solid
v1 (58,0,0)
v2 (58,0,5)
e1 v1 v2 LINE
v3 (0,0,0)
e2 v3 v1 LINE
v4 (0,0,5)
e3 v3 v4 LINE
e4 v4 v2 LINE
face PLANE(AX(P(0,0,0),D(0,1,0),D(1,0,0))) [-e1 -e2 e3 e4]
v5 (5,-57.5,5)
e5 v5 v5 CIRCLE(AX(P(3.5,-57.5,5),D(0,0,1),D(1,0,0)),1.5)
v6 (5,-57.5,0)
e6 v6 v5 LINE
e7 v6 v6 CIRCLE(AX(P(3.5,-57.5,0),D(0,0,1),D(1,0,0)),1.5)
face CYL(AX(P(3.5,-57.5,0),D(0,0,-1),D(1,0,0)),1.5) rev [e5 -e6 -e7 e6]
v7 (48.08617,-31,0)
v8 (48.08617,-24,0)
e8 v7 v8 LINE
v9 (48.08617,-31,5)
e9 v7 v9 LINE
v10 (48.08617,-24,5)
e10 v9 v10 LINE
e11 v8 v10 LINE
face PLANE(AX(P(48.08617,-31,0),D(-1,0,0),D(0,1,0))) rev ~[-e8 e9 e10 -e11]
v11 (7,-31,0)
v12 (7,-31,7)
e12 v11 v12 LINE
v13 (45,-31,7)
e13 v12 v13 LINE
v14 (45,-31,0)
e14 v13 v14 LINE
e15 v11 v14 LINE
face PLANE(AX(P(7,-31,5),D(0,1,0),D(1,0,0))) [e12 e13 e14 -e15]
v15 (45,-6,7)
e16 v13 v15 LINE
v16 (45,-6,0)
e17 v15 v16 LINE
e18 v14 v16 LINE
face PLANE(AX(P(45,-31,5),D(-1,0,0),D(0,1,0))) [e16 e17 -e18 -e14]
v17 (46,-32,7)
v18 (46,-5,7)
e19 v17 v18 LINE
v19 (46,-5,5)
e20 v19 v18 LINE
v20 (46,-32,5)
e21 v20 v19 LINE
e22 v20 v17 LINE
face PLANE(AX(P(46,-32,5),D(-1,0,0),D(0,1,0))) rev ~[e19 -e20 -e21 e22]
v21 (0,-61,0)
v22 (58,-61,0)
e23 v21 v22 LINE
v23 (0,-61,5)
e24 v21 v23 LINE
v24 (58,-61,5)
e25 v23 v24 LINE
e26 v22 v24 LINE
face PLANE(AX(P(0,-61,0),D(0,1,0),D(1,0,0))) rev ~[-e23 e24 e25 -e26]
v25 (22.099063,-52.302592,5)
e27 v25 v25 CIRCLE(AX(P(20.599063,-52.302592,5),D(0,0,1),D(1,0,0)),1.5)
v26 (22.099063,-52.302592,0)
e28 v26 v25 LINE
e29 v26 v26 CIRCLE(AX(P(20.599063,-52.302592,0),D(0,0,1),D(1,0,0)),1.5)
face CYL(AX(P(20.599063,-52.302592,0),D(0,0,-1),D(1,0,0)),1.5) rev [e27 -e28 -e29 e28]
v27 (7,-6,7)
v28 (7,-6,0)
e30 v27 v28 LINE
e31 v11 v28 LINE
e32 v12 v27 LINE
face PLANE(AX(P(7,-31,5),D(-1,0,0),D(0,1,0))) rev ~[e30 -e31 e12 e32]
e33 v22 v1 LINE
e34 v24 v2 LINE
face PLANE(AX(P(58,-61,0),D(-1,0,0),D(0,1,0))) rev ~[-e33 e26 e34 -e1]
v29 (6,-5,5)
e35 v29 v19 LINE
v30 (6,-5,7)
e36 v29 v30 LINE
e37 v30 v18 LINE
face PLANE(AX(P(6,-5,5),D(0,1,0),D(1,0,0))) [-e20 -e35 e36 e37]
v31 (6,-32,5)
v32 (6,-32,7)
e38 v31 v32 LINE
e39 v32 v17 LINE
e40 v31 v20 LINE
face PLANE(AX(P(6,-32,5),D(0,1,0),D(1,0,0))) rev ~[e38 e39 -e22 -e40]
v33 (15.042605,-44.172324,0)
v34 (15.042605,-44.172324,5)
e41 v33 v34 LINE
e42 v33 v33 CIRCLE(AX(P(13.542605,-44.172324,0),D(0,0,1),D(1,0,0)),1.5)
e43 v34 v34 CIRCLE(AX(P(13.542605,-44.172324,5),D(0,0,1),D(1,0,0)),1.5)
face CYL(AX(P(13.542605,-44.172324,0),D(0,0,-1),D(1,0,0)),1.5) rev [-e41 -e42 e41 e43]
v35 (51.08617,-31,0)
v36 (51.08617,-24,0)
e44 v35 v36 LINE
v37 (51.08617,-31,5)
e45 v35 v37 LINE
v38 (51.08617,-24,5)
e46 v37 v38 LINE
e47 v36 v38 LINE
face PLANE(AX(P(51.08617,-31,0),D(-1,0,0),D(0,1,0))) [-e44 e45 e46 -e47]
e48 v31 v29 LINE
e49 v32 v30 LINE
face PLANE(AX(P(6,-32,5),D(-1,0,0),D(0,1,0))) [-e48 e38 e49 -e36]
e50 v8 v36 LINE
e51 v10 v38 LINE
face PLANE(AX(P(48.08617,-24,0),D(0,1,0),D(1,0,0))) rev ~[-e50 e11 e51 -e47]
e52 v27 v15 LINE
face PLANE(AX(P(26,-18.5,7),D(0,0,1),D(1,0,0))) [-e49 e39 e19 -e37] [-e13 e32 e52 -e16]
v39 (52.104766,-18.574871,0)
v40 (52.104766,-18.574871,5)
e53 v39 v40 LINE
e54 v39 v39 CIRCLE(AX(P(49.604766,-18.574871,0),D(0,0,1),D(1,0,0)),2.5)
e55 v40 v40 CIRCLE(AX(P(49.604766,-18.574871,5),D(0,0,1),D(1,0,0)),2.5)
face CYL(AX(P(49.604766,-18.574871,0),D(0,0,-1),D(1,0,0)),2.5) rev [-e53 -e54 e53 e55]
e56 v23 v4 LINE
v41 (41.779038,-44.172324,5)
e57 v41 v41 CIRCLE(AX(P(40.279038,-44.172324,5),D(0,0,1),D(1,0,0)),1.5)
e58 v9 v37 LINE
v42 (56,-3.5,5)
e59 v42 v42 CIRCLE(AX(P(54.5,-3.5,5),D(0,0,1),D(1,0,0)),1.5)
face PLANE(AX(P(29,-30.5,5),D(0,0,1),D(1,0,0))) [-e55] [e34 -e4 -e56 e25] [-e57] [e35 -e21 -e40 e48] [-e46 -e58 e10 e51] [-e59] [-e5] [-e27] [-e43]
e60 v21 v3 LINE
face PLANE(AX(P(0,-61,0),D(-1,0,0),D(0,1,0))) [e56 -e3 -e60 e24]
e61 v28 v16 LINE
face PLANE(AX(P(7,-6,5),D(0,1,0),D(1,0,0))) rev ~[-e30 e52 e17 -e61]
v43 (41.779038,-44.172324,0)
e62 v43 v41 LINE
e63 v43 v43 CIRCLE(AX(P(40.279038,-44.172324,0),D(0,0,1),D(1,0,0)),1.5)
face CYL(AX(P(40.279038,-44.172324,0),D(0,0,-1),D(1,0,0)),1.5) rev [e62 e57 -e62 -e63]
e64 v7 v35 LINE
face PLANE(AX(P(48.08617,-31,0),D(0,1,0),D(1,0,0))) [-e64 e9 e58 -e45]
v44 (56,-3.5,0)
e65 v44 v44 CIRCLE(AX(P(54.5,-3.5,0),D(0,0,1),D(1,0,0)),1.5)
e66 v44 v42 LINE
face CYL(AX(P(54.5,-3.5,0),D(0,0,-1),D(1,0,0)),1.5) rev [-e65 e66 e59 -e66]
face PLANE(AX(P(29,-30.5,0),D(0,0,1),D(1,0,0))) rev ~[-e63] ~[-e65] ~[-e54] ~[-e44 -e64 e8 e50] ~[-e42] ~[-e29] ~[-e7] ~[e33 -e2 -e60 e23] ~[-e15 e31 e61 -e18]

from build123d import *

# Parameters (mm, degrees)
F0_W     = 58
F0_H     = 61
F0_R     = 1.5
F0_W_2   = 38
F0_H_2   = 25
F0_W_3   = 3
F0_H_3   = 7
F0_R_2   = 2.5
F1_DEPTH = 5
F2_W     = 40
F2_H     = 27
F2_W_2   = 38
F2_H_2   = 25
F3_DEPTH = 2


with BuildPart() as f1:
    # F0 (on Top) → F1 (new body)
    with BuildSketch(Plane.XY):
        with Locations((29, -30.5)):
            Rectangle(F0_W, F0_H)
        with Locations((3.5, -57.5)):
            Circle(F0_R, mode=Mode.SUBTRACT)
        with Locations((20.599063, -52.302592)):
            Circle(F0_R, mode=Mode.SUBTRACT)
        with Locations((13.542605, -44.172324)):
            Circle(F0_R, mode=Mode.SUBTRACT)
        with Locations((40.279038, -44.172324)):
            Circle(F0_R, mode=Mode.SUBTRACT)
        with Locations((26, -18.5)):
            Rectangle(F0_W_2, F0_H_2, mode=Mode.SUBTRACT)
        with Locations((49.58617, -27.5)):
            Rectangle(F0_W_3, F0_H_3, mode=Mode.SUBTRACT)
        with Locations((49.604766, -18.574871)):
            Circle(F0_R_2, mode=Mode.SUBTRACT)
        with Locations((54.5, -3.5)):
            Circle(F0_R, mode=Mode.SUBTRACT)
    extrude(amount=F1_DEPTH)

    # F2 (on face) → F3 (join)
    with BuildSketch(Plane.XY.offset(5)):
        with Locations((26, -18.5)):
            Rectangle(F2_W, F2_H)
        with Locations((26, -18.5)):
            Rectangle(F2_W_2, F2_H_2, mode=Mode.SUBTRACT)
    extrude(amount=F3_DEPTH)


solid = f1.part
